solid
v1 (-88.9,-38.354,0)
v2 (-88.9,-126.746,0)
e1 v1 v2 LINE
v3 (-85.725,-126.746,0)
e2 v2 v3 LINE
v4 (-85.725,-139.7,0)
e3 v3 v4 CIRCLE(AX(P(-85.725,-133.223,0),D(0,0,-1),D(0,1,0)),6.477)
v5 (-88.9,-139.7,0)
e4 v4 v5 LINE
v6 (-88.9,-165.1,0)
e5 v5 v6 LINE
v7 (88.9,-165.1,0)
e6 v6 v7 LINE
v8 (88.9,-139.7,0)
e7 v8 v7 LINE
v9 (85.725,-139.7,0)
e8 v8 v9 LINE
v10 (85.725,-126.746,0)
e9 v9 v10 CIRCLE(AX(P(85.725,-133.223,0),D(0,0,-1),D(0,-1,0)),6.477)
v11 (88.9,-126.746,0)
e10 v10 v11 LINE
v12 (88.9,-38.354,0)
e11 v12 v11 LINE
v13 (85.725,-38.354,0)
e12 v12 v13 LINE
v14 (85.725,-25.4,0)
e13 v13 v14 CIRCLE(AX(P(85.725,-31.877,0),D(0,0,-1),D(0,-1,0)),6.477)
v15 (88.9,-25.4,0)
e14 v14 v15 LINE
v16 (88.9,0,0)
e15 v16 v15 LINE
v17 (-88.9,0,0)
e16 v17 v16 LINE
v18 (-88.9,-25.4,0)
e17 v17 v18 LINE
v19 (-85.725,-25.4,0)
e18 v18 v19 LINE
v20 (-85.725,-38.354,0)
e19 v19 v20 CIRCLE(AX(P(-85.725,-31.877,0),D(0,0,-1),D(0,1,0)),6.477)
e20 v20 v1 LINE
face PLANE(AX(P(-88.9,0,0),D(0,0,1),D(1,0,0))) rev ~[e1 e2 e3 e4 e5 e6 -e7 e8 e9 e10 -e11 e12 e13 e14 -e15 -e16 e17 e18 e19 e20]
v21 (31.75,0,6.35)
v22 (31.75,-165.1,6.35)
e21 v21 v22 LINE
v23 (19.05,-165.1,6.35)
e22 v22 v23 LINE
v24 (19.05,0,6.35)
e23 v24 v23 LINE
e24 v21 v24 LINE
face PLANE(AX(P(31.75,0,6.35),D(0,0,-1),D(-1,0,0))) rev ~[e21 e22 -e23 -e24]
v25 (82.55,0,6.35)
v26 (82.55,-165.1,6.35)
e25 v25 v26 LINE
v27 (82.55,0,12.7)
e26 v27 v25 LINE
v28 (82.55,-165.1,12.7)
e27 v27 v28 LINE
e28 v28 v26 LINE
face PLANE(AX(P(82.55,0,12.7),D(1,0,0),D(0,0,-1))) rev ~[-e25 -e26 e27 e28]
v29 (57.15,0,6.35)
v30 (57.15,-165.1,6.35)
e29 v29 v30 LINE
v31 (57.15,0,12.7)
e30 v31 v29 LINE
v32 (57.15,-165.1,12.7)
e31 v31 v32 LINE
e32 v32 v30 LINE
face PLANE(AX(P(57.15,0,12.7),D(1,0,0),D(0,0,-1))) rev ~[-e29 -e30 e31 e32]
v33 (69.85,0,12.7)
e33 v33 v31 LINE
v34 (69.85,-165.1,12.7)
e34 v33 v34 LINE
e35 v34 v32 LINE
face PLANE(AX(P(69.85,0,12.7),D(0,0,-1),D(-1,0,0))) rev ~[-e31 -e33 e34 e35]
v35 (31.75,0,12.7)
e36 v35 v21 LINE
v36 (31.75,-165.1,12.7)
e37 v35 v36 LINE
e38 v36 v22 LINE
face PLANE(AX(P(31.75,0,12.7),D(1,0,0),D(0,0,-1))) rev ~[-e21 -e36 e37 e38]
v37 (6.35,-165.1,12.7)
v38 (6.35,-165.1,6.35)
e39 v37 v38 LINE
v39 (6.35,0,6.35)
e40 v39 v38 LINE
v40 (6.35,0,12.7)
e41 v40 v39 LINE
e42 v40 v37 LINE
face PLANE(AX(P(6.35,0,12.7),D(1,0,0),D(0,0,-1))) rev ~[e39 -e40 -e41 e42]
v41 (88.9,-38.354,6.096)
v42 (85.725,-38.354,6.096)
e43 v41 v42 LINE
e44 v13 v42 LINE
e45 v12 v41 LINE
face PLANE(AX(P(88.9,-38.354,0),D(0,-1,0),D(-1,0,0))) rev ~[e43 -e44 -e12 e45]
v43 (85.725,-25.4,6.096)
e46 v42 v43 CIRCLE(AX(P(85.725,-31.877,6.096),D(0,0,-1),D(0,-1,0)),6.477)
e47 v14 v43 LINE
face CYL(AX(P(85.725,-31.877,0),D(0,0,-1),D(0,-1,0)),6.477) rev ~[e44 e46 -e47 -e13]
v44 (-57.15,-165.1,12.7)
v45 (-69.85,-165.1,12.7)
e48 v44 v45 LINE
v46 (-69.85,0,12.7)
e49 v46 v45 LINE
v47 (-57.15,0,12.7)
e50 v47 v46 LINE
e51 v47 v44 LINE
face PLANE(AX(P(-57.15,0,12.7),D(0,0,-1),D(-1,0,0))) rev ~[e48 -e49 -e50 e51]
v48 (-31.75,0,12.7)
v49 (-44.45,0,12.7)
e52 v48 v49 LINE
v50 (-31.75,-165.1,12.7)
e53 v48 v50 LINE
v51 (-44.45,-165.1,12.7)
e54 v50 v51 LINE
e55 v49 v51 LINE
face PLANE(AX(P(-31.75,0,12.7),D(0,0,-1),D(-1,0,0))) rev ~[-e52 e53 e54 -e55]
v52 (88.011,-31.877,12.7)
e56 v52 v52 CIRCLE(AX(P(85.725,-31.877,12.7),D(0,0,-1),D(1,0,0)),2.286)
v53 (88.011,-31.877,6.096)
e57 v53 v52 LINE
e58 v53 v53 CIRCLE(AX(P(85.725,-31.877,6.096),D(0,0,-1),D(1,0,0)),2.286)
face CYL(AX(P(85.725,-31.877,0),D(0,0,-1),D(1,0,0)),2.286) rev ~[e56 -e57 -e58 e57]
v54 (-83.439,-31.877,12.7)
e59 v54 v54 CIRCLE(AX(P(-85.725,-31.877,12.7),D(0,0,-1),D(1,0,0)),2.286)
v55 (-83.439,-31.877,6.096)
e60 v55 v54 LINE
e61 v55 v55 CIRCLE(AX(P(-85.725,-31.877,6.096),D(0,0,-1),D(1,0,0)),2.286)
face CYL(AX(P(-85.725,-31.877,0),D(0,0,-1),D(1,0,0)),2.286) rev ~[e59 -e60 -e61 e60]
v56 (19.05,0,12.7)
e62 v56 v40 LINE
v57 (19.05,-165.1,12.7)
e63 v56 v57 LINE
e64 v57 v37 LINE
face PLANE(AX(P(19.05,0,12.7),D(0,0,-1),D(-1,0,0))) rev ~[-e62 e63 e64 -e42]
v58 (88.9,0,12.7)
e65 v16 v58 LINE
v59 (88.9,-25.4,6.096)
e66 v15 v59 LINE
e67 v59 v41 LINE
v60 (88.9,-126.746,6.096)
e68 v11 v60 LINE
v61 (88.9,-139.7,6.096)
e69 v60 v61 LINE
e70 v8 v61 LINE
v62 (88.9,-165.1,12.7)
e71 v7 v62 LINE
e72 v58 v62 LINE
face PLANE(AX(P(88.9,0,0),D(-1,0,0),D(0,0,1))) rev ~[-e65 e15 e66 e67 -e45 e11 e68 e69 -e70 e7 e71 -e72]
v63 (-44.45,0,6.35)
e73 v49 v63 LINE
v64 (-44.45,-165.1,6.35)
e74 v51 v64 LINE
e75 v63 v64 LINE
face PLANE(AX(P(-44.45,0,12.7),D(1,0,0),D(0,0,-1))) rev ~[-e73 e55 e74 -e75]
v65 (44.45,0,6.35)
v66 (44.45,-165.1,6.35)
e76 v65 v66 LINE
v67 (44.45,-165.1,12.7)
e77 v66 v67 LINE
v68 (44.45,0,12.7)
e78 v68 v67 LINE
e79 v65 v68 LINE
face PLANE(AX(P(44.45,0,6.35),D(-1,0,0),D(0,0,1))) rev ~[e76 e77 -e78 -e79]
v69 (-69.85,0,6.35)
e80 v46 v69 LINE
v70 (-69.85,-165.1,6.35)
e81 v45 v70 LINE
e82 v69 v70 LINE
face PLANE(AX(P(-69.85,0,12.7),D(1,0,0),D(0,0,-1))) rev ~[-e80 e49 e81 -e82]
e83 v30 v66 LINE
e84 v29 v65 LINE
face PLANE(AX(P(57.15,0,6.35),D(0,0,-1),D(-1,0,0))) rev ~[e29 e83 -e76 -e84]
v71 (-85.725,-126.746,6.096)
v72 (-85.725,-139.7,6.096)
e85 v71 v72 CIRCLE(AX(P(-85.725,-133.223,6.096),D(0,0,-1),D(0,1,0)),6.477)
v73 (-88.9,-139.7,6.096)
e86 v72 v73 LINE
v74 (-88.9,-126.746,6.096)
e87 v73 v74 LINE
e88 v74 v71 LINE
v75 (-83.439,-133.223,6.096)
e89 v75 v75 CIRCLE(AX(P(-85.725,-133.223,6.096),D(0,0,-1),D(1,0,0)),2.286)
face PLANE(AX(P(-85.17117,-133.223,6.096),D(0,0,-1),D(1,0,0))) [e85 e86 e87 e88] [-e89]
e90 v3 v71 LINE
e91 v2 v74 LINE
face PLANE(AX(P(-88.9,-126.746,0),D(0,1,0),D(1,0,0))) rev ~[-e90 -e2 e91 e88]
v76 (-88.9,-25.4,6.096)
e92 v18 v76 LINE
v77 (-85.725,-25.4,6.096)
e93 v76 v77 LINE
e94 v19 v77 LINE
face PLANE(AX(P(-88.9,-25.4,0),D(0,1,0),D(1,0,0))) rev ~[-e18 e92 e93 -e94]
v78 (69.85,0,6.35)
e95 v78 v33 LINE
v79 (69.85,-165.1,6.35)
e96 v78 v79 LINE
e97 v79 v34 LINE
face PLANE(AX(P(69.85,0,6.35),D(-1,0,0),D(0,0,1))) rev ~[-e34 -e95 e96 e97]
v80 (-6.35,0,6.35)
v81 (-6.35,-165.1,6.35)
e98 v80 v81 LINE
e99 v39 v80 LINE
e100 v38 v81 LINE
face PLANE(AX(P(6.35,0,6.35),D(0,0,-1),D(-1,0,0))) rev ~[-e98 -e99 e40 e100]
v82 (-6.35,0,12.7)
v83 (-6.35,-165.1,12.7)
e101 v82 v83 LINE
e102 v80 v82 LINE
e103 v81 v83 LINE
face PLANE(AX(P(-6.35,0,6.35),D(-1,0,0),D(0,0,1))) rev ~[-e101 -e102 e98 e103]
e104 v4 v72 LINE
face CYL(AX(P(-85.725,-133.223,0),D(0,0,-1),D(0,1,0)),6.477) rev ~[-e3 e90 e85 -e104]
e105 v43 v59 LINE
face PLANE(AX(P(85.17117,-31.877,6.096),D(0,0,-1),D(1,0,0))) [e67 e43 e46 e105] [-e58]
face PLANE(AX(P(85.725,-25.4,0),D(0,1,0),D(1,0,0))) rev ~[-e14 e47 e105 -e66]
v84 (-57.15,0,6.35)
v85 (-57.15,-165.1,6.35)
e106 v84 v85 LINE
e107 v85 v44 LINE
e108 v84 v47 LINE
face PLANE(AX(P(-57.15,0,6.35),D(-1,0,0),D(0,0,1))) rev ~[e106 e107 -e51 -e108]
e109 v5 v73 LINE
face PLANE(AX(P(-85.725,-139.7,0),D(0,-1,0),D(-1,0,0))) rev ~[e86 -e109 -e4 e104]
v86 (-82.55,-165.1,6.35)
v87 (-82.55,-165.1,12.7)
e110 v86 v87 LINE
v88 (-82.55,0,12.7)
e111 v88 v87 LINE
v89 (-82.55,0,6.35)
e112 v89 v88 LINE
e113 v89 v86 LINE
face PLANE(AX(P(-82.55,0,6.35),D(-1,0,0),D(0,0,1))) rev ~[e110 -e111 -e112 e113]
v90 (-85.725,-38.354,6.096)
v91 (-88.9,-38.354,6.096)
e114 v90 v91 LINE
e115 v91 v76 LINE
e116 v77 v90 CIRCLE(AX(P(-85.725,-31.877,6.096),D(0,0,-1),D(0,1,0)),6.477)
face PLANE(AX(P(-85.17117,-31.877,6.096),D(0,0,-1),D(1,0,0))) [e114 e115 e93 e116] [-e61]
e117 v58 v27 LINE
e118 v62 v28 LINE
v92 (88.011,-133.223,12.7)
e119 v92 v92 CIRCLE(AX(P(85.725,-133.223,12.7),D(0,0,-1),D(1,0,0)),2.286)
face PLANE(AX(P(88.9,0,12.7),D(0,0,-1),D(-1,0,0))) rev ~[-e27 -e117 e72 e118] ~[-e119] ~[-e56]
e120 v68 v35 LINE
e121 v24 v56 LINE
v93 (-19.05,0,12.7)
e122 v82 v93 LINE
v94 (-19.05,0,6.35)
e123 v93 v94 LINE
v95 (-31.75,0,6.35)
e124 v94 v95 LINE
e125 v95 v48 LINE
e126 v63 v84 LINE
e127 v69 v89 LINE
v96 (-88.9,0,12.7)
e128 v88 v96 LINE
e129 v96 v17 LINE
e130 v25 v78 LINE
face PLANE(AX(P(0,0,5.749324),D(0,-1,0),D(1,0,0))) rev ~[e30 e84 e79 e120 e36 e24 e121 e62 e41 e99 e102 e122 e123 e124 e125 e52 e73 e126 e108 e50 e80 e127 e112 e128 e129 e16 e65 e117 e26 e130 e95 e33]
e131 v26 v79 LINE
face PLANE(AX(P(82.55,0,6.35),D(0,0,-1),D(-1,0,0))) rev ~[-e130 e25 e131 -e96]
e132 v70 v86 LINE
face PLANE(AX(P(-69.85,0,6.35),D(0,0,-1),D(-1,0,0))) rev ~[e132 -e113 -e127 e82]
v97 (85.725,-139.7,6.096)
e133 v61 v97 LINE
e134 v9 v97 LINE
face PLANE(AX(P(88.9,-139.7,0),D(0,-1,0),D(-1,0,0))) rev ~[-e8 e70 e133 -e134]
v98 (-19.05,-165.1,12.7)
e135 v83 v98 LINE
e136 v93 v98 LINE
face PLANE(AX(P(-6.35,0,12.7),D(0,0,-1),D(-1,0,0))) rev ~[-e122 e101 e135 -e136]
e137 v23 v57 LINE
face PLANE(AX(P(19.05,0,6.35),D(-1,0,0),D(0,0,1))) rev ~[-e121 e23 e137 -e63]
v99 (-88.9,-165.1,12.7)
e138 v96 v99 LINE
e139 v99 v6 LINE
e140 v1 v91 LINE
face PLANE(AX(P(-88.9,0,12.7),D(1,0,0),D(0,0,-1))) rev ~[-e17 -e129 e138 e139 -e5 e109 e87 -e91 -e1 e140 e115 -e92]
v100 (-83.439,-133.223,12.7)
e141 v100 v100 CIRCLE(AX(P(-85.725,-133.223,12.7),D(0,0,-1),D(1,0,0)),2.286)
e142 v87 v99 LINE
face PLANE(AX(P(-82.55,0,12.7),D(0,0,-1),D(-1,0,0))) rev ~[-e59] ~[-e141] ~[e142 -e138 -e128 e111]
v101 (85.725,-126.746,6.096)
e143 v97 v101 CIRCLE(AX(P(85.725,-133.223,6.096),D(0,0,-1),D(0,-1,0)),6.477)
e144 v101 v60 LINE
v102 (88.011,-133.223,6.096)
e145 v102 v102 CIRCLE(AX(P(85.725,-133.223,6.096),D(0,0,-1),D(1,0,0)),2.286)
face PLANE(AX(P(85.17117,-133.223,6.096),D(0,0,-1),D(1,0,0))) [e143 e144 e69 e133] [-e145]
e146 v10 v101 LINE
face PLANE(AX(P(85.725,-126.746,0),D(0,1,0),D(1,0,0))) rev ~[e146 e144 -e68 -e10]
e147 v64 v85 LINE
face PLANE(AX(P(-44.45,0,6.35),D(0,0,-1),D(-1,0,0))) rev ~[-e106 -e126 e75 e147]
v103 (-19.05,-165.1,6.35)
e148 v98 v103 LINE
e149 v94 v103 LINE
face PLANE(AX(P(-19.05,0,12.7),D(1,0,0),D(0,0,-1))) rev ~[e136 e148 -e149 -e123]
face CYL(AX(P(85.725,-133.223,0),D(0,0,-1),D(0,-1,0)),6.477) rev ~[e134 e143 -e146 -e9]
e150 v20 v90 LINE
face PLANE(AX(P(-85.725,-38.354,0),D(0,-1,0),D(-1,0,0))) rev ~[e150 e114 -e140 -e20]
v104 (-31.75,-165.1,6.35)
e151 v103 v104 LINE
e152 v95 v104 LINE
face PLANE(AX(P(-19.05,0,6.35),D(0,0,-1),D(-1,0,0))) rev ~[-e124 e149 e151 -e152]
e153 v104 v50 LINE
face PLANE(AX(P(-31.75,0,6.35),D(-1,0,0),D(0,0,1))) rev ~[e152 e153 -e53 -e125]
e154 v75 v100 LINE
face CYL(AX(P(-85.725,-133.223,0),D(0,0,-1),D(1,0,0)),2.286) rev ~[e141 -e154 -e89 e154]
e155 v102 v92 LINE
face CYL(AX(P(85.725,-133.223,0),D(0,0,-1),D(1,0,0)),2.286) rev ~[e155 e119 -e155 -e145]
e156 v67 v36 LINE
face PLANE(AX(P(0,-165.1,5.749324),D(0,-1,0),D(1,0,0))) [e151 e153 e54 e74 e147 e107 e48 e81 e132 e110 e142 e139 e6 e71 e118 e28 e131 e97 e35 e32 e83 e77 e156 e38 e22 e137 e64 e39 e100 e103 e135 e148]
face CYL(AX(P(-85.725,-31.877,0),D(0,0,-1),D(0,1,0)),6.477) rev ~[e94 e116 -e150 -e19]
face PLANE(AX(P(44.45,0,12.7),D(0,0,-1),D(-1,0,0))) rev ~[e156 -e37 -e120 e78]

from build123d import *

# Parameters (mm, degrees)
F1_DEPTH = 165.1
F3_DEPTH = 6.096
F4_R     = 2.286
F5_DEPTH = 25.4


with BuildPart() as f1:
    # F0 (on Front) → F1 (new body)
    with BuildSketch(Plane.XZ):
        Polygon((-88.9, 12.7), (-88.9, 0), (88.9, 0), (88.9, 6.35), (88.9, 12.7), (82.55, 12.7), (82.55, 6.35), (69.85, 6.35), (69.85, 12.7), (57.15, 12.7), (57.15, 6.35), (44.45, 6.35), (44.45, 12.7), (31.75, 12.7), (31.75, 6.35), (19.05, 6.35), (19.05, 12.7), (6.35, 12.7), (6.35, 6.35), (-6.35, 6.35), (-6.35, 12.7), (-19.05, 12.7), (-19.05, 6.35), (-31.75, 6.35), (-31.75, 12.7), (-44.45, 12.7), (-44.45, 6.35), (-57.15, 6.35), (-57.15, 12.7), (-69.85, 12.7), (-69.85, 6.35), (-82.55, 6.35), (-82.55, 12.7), align=None)
    extrude(amount=F1_DEPTH)

    # F2 (on face) → F3 (cut)
    with BuildSketch(Plane(origin=(0, 0, 0), x_dir=(1, 0, 0), z_dir=(0, 0, -1))):
        with BuildLine():
            Line((85.725, 126.746), (88.9, 126.746))
            Line((88.9, 126.746), (88.9, 139.7))
            Line((88.9, 139.7), (85.725, 139.7))
            ThreePointArc((85.725, 139.7), (79.248, 133.223), (85.725, 126.746))
        make_face()
        with BuildLine():
            Line((88.9, 25.4), (88.9, 38.354))
            Line((88.9, 38.354), (85.725, 38.354))
            ThreePointArc((85.725, 38.354), (79.248, 31.877), (85.725, 25.4))
            Line((85.725, 25.4), (88.9, 25.4))
        make_face()
        with BuildLine():
            Line((-88.9, 139.7), (-88.9, 126.746))
            Line((-88.9, 126.746), (-85.725, 126.746))
            ThreePointArc((-85.725, 126.746), (-79.248, 133.223), (-85.725, 139.7))
            Line((-85.725, 139.7), (-88.9, 139.7))
        make_face()
        with BuildLine():
            Line((-85.725, 38.354), (-88.9, 38.354))
            Line((-88.9, 38.354), (-88.9, 25.4))
            Line((-88.9, 25.4), (-85.725, 25.4))
            ThreePointArc((-85.725, 25.4), (-79.248, 31.877), (-85.725, 38.354))
        make_face()
    extrude(amount=-F3_DEPTH, mode=Mode.SUBTRACT)

    # F4 (on face) → F5 (cut)
    with BuildSketch(Plane(origin=(0, 0, 0), x_dir=(1, 0, 0), z_dir=(0, 0, -1))):
        with Locations((-85.725, 133.223)):
            Circle(F4_R)
        with Locations((85.725, 133.223)):
            Circle(F4_R)
        with Locations((85.725, 31.877)):
            Circle(F4_R)
        with Locations((-85.725, 31.877)):
            Circle(F4_R)
    extrude(amount=-F5_DEPTH, mode=Mode.SUBTRACT)


solid = f1.part
